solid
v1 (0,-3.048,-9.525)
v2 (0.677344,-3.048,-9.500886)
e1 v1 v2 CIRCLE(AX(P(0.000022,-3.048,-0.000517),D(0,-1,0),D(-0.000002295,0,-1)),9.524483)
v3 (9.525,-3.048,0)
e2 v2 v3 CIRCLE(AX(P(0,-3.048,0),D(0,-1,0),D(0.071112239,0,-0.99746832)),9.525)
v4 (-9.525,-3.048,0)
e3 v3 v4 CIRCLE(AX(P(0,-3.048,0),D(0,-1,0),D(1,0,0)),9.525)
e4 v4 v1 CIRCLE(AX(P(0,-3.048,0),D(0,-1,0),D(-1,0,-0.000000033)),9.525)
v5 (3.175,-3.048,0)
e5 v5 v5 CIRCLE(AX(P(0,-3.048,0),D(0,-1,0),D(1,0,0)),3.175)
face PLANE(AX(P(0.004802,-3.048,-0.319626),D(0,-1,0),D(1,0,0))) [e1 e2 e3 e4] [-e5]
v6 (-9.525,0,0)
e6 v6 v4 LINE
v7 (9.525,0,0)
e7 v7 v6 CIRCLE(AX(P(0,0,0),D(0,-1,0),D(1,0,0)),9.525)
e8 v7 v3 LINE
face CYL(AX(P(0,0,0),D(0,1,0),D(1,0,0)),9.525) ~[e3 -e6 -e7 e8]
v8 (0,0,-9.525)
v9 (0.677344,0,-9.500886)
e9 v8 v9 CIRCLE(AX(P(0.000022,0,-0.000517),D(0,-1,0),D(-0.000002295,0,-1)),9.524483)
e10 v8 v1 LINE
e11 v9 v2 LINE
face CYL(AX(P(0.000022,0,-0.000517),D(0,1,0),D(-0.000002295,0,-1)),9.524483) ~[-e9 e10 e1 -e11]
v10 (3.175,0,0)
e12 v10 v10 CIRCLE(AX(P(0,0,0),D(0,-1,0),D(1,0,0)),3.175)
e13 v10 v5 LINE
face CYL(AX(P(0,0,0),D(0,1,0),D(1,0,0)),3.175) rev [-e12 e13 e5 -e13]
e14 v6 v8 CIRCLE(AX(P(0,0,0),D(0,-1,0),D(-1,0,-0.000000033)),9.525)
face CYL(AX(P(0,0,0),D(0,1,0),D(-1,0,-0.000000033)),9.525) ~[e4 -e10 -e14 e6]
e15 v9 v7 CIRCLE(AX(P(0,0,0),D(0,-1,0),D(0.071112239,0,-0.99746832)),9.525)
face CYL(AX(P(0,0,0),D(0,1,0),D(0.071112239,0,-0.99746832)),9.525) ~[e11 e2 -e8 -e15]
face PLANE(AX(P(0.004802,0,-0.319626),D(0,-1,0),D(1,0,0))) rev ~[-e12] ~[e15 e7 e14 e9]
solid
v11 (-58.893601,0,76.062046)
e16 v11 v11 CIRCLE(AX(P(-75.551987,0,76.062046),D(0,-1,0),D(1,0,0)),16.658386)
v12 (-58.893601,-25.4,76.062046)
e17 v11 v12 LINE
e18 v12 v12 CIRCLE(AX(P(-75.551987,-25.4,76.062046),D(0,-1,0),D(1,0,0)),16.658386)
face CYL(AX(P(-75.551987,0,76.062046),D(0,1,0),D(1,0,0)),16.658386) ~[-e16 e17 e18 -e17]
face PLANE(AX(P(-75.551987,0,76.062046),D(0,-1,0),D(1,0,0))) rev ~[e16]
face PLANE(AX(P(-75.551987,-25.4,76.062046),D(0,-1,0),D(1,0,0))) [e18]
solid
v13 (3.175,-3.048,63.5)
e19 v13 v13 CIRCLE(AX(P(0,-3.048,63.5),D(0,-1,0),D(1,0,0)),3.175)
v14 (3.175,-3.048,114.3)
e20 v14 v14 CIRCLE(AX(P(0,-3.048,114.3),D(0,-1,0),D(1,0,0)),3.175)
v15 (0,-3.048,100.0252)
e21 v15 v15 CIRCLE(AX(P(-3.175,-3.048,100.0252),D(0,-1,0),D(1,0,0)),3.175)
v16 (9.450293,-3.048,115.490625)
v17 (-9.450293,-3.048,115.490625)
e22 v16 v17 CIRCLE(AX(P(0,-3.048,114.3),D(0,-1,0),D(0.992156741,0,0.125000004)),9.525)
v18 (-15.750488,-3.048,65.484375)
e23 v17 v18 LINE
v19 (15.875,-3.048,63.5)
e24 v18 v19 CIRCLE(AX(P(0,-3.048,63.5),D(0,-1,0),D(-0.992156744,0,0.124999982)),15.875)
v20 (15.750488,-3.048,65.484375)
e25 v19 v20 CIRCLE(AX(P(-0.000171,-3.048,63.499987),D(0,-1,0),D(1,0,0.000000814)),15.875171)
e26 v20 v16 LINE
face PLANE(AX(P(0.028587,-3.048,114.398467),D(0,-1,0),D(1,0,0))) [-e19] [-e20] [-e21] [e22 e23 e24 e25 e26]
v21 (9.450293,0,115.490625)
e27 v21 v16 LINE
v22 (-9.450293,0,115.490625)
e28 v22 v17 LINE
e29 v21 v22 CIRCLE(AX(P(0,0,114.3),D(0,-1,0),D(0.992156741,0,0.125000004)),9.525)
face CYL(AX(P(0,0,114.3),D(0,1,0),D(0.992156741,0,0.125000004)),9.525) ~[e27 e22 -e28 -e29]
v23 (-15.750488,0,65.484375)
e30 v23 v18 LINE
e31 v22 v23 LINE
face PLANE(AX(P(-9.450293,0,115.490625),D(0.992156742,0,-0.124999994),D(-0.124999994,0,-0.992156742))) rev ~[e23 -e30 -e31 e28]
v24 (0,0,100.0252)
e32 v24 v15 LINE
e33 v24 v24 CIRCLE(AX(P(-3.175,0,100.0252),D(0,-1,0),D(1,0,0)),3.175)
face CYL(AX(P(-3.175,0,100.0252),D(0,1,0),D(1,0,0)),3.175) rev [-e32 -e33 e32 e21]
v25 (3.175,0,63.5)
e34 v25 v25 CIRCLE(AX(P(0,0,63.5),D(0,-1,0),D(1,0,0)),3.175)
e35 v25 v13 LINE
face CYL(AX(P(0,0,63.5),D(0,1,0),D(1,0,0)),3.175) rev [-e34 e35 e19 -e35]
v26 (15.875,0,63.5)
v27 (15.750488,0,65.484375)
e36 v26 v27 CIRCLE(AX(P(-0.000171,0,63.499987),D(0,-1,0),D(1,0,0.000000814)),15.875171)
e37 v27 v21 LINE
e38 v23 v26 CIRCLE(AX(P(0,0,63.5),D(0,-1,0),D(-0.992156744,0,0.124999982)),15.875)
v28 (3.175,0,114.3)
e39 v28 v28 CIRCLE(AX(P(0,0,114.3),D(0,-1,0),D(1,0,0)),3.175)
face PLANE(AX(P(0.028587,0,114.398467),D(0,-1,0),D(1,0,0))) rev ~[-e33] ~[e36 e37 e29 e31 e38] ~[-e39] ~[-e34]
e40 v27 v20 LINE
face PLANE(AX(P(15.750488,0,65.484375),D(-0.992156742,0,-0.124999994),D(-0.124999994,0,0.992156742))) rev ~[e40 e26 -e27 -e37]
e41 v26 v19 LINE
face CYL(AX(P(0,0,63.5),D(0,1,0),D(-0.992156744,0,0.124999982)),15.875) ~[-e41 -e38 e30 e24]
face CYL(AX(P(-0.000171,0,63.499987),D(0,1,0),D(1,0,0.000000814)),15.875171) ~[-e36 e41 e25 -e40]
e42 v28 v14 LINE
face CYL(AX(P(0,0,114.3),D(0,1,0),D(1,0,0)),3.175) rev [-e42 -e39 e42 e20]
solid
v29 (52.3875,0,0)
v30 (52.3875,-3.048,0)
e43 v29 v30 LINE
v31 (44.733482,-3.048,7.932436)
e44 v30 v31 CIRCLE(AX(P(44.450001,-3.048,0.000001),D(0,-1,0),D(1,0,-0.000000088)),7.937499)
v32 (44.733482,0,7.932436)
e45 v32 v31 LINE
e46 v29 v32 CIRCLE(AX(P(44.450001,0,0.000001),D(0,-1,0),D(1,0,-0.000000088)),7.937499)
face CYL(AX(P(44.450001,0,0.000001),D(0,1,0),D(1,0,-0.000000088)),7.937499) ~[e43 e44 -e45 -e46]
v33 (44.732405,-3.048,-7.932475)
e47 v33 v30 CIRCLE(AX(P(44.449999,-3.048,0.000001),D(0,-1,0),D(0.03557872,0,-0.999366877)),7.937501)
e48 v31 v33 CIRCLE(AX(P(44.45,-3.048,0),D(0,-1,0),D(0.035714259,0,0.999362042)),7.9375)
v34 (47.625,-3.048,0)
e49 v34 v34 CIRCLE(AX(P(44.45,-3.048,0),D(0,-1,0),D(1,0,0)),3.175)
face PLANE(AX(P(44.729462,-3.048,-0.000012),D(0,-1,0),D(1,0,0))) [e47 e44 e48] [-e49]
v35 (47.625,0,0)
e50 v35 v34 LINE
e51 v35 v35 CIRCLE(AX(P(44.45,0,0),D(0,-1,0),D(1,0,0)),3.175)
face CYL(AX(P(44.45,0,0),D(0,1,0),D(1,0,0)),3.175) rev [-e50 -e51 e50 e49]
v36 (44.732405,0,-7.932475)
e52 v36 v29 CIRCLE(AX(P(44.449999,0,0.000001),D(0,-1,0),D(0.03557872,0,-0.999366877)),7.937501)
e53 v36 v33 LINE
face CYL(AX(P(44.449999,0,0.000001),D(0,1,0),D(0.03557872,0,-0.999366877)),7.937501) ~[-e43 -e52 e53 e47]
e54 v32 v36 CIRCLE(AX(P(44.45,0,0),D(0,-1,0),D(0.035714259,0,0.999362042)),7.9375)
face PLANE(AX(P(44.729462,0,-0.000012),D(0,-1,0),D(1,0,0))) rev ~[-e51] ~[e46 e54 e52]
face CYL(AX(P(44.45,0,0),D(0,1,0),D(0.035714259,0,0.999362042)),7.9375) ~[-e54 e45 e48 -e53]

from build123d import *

# Parameters (mm, degrees)
F0_R     = 3.175
F1_DEPTH = 3.048
F2_R     = 16.658386
F3_DEPTH = 25.4


with BuildPart() as f1:
    # F0 (on Front) → F1 (new body)
    with BuildSketch(Plane.XZ):
        with BuildLine():
            ThreePointArc((-9.450293, 115.490625), (-0.596483, 104.793695), (9.525, 114.3))
            ThreePointArc((9.525, 114.3), (9.506305, 114.896483), (9.450293, 115.490625))
            ThreePointArc((9.450293, 115.490625), (0, 123.825), (-9.450293, 115.490625))
        make_face()
        with Locations((0, 114.3)):
            Circle(F0_R, mode=Mode.SUBTRACT)
        with BuildLine():
            ThreePointArc((9.450293, 115.490625), (9.506305, 114.896483), (9.525, 114.3))
            ThreePointArc((9.525, 114.3), (-0.596483, 104.793695), (-9.450293, 115.490625))
            Line((-9.450293, 115.490625), (-15.750488, 65.484375))
            ThreePointArc((-15.750488, 65.484375), (0, 79.375), (15.750488, 65.484375))
            Line((15.750488, 65.484375), (9.450293, 115.490625))
        make_face()
        with Locations((-3.175, 100.0252)):
            Circle(F0_R, mode=Mode.SUBTRACT)
        with BuildLine():
            ThreePointArc((15.875, 63.5), (15.843841, 64.494139), (15.750488, 65.484375))
            ThreePointArc((15.750488, 65.484375), (0, 79.375), (-15.750488, 65.484375))
            ThreePointArc((-15.750488, 65.484375), (-0.994139, 47.656159), (15.875, 63.5))
        make_face()
        with Locations((0, 63.5)):
            Circle(F0_R, mode=Mode.SUBTRACT)
        with BuildLine():
            ThreePointArc((0.677344, -9.500886), (6.970557, -6.491299), (9.525, 0))
            ThreePointArc((9.525, 0), (0, 9.525), (-9.525, 0))
            ThreePointArc((-9.525, 0), (-6.735192, -6.735192), (0, -9.525))
            Line((0, -9.525), (0.677344, -9.500886))
        make_face()
        Circle(F0_R, mode=Mode.SUBTRACT)
        with BuildLine():
            ThreePointArc((44.733482, 7.932436), (36.5125, 0.000539), (44.732405, -7.932475))
            ThreePointArc((44.732405, -7.932475), (50.161633, -5.51191), (52.3875, 0))
            ThreePointArc((52.3875, 0), (50.162007, 5.511523), (44.733482, 7.932436))
        make_face()
        with Locations((44.45, 0)):
            Circle(F0_R, mode=Mode.SUBTRACT)
        with BuildLine():
            ThreePointArc((0, -9.525), (0.338886, -9.51897), (0.677344, -9.500886))
            Line((0.677344, -9.500886), (0, -9.525))
        make_face()
    extrude(amount=F1_DEPTH)


with BuildPart() as f3:
    # F2 (on Front) → F3 (new body)
    with BuildSketch(Plane.XZ):
        with Locations((-75.551987, 76.062046)):
            Circle(F2_R)
    extrude(amount=F3_DEPTH)


solid = Compound([f1.part, f3.part])
